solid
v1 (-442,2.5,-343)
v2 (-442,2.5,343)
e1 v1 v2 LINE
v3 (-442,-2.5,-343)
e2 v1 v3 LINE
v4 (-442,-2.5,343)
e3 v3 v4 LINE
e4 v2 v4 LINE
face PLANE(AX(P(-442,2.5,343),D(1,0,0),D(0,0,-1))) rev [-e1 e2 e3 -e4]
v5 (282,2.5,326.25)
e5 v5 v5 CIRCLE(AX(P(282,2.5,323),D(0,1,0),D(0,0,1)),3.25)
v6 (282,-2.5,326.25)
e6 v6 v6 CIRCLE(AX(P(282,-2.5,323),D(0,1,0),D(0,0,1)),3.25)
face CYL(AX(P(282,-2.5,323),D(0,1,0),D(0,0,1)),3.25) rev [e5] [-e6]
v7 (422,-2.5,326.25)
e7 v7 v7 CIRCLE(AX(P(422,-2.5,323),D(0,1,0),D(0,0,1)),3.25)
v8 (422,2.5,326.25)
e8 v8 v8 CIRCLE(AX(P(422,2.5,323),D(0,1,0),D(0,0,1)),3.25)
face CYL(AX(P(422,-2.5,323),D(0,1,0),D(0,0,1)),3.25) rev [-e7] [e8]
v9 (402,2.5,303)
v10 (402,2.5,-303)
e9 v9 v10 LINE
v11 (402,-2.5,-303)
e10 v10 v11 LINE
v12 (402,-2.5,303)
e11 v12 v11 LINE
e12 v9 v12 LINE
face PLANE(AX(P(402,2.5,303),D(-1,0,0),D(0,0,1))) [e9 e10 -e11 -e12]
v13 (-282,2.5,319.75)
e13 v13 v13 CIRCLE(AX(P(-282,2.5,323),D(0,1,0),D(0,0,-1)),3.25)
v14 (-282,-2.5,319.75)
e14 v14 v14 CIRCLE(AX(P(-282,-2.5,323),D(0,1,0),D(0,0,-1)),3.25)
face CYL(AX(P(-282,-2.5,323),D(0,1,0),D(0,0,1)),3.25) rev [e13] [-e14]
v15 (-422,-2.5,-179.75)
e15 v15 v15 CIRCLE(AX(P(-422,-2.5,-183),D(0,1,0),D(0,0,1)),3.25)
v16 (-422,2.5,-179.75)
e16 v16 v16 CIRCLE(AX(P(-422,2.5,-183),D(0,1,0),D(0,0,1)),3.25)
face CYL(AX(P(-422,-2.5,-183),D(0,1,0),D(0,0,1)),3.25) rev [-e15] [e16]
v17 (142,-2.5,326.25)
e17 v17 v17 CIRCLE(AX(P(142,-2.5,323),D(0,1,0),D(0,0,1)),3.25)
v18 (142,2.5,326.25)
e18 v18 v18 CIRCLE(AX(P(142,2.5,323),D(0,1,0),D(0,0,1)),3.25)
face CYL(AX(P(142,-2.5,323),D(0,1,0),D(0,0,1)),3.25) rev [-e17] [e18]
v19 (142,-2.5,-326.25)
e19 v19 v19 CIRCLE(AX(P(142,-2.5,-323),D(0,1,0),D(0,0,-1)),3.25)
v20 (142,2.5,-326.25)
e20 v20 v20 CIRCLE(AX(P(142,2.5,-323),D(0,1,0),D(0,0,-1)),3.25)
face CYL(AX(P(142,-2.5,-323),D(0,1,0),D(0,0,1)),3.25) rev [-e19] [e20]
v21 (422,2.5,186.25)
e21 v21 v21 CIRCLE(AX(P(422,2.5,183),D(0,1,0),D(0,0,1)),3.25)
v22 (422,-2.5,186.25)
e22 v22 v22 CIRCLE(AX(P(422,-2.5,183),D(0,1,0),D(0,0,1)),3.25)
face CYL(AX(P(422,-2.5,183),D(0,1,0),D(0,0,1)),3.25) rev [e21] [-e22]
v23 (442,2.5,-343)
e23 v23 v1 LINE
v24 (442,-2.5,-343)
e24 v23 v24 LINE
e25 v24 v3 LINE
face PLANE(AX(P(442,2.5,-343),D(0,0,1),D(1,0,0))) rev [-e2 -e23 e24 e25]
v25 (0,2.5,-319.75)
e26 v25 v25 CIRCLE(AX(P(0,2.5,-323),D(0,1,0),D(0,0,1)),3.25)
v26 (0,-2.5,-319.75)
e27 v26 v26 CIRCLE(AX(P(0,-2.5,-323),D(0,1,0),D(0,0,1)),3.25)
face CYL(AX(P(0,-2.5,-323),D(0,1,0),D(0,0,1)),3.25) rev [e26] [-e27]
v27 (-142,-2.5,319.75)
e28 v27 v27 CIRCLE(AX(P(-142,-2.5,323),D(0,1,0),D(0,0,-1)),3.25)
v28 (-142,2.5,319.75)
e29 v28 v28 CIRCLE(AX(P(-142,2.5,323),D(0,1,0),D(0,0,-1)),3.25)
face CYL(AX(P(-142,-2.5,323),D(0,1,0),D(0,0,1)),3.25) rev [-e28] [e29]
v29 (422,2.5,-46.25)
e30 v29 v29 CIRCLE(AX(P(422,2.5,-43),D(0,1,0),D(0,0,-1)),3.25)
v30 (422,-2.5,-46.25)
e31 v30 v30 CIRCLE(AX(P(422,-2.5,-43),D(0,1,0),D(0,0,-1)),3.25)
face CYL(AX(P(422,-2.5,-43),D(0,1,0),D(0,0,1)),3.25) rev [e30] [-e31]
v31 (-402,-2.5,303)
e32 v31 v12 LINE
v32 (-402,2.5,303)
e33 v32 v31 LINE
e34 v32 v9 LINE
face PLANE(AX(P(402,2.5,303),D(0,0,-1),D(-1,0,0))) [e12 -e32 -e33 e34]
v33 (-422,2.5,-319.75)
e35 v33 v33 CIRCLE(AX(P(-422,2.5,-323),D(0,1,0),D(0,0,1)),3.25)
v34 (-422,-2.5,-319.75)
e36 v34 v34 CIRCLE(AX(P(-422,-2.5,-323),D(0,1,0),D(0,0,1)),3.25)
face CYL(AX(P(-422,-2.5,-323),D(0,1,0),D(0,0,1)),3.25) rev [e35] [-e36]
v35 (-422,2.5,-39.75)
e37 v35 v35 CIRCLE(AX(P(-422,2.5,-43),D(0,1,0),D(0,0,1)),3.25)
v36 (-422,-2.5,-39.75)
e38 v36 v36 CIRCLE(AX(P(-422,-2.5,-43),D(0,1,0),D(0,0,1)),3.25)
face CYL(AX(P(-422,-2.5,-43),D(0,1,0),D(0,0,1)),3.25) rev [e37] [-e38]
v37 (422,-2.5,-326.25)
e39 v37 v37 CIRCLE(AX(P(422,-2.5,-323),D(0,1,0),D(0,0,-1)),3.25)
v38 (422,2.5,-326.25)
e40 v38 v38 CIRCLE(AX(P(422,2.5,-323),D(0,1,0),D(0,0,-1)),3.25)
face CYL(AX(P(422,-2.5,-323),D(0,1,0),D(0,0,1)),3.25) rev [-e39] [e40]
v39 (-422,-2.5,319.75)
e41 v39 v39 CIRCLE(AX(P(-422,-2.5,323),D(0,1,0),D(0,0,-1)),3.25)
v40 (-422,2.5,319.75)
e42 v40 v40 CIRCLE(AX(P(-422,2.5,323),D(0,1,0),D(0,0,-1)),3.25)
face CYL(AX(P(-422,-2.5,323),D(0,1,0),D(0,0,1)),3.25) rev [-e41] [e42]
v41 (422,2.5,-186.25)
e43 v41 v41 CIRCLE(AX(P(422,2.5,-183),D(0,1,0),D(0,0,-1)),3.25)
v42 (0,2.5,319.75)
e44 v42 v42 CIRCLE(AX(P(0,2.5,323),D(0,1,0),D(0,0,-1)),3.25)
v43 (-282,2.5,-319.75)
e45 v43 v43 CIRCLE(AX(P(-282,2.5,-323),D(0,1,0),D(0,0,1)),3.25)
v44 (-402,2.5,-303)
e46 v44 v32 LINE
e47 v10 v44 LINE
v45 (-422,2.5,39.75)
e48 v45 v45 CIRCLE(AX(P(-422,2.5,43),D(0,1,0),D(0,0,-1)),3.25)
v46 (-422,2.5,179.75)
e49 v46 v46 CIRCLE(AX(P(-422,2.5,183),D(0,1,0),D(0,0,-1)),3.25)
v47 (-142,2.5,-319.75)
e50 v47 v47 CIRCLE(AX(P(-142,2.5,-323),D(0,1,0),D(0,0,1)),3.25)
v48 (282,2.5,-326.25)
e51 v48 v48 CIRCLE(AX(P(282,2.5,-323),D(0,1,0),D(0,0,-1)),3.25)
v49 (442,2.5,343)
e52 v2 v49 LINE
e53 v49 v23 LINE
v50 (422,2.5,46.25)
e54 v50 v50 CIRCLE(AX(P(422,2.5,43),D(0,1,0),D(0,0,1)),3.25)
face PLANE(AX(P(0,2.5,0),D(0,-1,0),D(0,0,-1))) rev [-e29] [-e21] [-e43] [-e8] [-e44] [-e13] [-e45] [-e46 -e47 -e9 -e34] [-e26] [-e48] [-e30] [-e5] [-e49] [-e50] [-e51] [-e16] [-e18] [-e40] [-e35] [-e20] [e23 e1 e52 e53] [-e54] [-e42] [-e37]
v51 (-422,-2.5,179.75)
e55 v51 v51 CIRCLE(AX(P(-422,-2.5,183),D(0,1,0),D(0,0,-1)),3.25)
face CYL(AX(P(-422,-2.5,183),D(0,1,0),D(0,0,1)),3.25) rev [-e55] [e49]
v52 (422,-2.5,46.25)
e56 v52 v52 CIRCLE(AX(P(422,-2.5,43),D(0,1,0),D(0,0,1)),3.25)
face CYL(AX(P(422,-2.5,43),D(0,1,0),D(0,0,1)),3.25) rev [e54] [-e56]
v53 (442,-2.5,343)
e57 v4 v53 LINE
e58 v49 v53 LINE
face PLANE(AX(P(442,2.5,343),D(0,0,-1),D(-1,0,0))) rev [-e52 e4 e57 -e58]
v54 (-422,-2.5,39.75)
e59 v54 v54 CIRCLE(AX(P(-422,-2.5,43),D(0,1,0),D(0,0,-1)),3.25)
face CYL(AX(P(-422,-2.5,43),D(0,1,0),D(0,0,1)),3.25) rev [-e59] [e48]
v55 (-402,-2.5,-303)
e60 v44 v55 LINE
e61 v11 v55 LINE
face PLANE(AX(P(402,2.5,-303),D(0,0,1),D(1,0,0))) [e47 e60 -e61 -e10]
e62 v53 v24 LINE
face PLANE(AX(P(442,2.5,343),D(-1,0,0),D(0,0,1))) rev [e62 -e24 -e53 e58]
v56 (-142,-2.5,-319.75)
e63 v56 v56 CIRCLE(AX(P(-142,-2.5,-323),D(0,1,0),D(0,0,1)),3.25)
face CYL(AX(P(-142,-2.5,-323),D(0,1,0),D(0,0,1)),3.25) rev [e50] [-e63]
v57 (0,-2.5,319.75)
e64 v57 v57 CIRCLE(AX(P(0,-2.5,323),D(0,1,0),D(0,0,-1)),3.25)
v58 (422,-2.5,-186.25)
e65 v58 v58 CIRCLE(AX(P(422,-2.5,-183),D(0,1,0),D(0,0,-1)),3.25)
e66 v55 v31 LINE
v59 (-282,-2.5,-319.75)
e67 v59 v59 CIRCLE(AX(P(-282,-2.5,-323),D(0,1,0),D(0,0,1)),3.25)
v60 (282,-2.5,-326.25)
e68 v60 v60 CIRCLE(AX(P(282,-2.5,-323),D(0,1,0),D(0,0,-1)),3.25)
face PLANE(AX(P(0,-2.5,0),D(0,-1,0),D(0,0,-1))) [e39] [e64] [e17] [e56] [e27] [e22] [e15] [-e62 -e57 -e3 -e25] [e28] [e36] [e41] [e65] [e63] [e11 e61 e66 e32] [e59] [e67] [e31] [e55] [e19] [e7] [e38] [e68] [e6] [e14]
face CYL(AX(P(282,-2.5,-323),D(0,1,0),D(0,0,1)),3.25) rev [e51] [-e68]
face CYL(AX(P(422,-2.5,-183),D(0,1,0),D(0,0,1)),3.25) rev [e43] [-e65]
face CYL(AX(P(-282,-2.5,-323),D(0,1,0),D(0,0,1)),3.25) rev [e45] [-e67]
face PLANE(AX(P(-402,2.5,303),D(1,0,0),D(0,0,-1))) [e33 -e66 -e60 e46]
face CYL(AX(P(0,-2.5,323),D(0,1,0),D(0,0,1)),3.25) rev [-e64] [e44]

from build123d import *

# Parameters (mm, degrees)
SCHIZZO1_W                   = 884
SCHIZZO1_H                   = 686
SCHIZZO1_W_2                 = 804
SCHIZZO1_H_2                 = 606
ESTRUSIONE_ESTRUSIONE1_DEPTH = 2.5
SCHIZZO2_R                   = 3.25
TAGLIO_ESTRUSIONE1_DEPTH     = 560.497989273


with BuildPart() as part:
    # Schizzo1 → Estrusione-Estrusione1 (new, symmetric)
    with BuildSketch(Plane(origin=(0, 0, 0), x_dir=(1, 0, 0), z_dir=(0, 1, 0))):
        Rectangle(SCHIZZO1_W, SCHIZZO1_H)
        Rectangle(SCHIZZO1_W_2, SCHIZZO1_H_2, mode=Mode.SUBTRACT)
    extrude(amount=ESTRUSIONE_ESTRUSIONE1_DEPTH, both=True)

    # Schizzo2 → Taglio-Estrusione1 (cut, through all)
    with BuildSketch(Plane(origin=(0, 2.5, 0), x_dir=(1, 0, 0), z_dir=(0, 1, 0))):
        with Locations(Location((-422, 323, 0), (0, 0, 270))):
            Circle(SCHIZZO2_R)
        with Locations(Location((422, 323, 0), (0, 0, 90))):
            Circle(SCHIZZO2_R)
        with Locations(Location((422, -323, 0), (0, 0, 270))):
            Circle(SCHIZZO2_R)
        with Locations(Location((-422, -323, 0), (0, 0, 90))):
            Circle(SCHIZZO2_R)
        with Locations(Location((-282, 323, 0), (0, 0, 270))):
            Circle(SCHIZZO2_R)
        with Locations(Location((-142, 323, 0), (0, 0, 270))):
            Circle(SCHIZZO2_R)
        with Locations(Location((0, 323, 0), (0, 0, 270))):
            Circle(SCHIZZO2_R)
        with Locations(Location((142, 323, 0), (0, 0, 90))):
            Circle(SCHIZZO2_R)
        with Locations(Location((282, 323, 0), (0, 0, 90))):
            Circle(SCHIZZO2_R)
        with Locations(Location((282, -323, 0), (0, 0, 270))):
            Circle(SCHIZZO2_R)
        with Locations(Location((142, -323, 0), (0, 0, 270))):
            Circle(SCHIZZO2_R)
        with Locations(Location((0, -323, 0), (0, 0, 90))):
            Circle(SCHIZZO2_R)
        with Locations(Location((-142, -323, 0), (0, 0, 90))):
            Circle(SCHIZZO2_R)
        with Locations(Location((-282, -323, 0), (0, 0, 90))):
            Circle(SCHIZZO2_R)
        with Locations(Location((-422, 183, 0), (0, 0, 270))):
            Circle(SCHIZZO2_R)
        with Locations(Location((-422, 43, 0), (0, 0, 270))):
            Circle(SCHIZZO2_R)
        with Locations(Location((-422, -43, 0), (0, 0, 90))):
            Circle(SCHIZZO2_R)
        with Locations(Location((-422, -183, 0), (0, 0, 90))):
            Circle(SCHIZZO2_R)
        with Locations(Location((422, -183, 0), (0, 0, 270))):
            Circle(SCHIZZO2_R)
        with Locations(Location((422, -43, 0), (0, 0, 270))):
            Circle(SCHIZZO2_R)
        with Locations(Location((422, 43, 0), (0, 0, 90))):
            Circle(SCHIZZO2_R)
        with Locations(Location((422, 183, 0), (0, 0, 90))):
            Circle(SCHIZZO2_R)
    extrude(amount=-TAGLIO_ESTRUSIONE1_DEPTH, mode=Mode.SUBTRACT)


solid = part.part
